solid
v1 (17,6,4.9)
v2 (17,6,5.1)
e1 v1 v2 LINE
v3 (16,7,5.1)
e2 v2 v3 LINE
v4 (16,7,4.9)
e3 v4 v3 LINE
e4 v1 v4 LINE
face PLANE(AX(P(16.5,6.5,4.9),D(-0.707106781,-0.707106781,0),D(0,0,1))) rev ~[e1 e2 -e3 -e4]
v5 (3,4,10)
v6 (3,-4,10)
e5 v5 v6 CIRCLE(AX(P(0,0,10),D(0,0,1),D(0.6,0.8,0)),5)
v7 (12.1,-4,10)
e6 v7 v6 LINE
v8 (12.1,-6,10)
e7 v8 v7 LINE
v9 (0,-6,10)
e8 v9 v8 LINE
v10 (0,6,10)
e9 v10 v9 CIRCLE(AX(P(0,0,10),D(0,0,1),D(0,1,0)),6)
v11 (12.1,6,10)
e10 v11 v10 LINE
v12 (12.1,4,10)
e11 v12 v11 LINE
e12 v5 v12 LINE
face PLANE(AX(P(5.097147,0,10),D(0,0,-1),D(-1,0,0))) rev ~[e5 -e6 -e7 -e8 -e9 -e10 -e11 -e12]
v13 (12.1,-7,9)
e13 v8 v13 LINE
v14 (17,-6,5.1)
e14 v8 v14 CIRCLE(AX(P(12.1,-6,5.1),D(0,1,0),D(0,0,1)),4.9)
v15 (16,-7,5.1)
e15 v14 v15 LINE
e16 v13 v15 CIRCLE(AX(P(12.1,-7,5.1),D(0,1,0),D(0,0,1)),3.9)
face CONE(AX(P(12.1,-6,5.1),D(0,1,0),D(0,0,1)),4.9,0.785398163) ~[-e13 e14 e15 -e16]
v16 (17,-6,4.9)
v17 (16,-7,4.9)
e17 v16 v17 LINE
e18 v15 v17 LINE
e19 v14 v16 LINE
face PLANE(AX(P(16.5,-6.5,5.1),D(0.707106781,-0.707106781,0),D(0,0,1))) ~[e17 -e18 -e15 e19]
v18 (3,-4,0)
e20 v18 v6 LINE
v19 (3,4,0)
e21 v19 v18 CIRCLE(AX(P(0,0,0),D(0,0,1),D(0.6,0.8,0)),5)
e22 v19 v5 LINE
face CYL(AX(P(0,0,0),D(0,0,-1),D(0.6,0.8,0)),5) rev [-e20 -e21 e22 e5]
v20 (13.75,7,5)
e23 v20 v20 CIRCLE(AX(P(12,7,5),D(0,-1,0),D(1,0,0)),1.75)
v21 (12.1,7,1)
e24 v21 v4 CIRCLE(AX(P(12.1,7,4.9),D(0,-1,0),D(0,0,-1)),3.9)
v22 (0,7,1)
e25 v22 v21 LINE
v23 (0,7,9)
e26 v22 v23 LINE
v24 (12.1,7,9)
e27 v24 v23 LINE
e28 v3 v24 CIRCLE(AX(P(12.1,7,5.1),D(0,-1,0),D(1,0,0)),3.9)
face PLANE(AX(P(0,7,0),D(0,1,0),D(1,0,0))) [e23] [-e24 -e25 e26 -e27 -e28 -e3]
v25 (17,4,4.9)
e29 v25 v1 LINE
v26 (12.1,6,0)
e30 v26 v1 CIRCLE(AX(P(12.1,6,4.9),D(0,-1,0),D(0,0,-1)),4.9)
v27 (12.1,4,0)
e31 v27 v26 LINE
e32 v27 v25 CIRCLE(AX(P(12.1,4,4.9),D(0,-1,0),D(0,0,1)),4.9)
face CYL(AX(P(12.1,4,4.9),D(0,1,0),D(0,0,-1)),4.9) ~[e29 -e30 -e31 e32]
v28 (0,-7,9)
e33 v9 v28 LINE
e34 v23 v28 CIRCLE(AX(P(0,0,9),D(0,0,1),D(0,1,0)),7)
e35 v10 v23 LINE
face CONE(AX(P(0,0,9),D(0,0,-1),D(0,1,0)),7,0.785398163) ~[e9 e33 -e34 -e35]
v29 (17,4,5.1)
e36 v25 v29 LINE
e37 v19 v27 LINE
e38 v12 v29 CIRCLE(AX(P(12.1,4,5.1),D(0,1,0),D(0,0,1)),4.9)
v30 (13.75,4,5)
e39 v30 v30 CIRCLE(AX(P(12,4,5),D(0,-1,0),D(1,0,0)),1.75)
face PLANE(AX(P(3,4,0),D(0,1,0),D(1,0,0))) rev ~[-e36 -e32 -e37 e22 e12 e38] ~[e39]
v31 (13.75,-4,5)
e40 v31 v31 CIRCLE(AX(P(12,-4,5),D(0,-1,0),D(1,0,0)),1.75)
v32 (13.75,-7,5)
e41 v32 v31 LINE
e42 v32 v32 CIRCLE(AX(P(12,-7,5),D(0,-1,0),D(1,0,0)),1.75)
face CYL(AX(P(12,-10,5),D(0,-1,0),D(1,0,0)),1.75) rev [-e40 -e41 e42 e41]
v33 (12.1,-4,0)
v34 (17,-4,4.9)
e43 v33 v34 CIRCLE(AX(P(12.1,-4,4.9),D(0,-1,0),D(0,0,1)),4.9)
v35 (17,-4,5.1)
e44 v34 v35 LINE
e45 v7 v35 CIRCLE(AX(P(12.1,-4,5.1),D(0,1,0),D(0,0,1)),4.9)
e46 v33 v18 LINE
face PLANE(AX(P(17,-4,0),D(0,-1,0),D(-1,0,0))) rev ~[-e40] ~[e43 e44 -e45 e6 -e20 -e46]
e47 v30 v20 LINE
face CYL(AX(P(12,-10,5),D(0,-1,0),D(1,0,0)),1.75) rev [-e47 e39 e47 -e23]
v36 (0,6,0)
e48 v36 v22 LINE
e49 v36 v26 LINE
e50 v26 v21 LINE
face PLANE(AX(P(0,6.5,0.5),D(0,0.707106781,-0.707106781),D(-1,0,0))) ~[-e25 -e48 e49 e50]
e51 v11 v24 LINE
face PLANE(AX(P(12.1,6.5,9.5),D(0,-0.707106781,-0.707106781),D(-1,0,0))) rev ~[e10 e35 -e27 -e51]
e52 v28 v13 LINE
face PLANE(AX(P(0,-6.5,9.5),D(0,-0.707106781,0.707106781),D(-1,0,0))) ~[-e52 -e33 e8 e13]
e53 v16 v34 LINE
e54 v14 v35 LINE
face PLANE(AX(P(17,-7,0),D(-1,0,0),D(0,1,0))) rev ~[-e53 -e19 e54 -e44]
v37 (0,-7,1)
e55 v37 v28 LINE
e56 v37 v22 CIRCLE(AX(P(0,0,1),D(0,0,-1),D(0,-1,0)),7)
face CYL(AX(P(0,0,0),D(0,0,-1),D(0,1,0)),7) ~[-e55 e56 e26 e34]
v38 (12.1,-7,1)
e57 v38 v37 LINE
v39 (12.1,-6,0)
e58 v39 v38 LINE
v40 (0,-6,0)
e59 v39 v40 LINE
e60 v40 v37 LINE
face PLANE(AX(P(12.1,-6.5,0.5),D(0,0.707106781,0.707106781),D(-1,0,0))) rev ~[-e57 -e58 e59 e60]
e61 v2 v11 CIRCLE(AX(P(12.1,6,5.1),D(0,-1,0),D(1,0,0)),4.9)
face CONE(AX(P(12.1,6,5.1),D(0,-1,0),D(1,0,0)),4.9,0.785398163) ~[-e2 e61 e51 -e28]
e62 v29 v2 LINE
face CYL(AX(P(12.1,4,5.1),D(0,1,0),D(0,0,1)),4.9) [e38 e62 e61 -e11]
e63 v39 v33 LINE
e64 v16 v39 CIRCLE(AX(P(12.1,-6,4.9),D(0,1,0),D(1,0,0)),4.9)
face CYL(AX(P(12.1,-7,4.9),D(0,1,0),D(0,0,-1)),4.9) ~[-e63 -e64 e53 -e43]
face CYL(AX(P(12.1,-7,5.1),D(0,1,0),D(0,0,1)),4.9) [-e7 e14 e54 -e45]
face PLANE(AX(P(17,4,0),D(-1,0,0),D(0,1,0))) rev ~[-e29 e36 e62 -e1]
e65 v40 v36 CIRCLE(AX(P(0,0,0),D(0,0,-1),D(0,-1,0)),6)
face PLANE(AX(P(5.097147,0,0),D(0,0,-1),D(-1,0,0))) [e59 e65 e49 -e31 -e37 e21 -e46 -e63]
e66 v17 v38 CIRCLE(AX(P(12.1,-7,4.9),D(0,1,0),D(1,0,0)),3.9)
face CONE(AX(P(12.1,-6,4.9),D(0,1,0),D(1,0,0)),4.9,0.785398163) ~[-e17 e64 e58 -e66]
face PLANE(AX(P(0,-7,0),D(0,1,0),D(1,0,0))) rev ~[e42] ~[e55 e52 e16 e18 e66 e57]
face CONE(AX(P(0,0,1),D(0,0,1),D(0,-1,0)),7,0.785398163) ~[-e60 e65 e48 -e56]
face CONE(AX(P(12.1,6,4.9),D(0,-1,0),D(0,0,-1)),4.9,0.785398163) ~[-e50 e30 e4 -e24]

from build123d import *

# Parameters (mm, degrees)
CYLINDER_R          = 1.75
CYLINDER_DEPTH      = 20
CYLINDER_ROLL_ANGLE = -90
PAD006_DEPTH        = 10
FILLET_R            = 4.9
CHAMFER_SIZE        = 1


with BuildPart() as cylinder:
    # Cylinder → Cylinder (new body)
    with BuildSketch(Plane.XY):
        Circle(CYLINDER_R)
    extrude(amount=CYLINDER_DEPTH)


with BuildPart() as cylinder_1:
    # Cylinder roll: moved
    add(cylinder.part.rotate(Axis((0, 0, 0), (1, 0, 0)), CYLINDER_ROLL_ANGLE))


with BuildPart() as cylinder_2:
    # Cylinder placement: moved
    add(cylinder_1.part.moved(Location((12, -10, 5))))


with BuildPart() as chamfer_body:
    # Sketch005 → Pad006 (new body)
    with BuildSketch(Plane.XY):
        with BuildLine():
            ThreePointArc((3, 4), (-5, 0), (3, -4))
            Line((17, -4), (3, -4))
            Line((17, -7), (17, -4))
            Line((0, -7), (17, -7))
            ThreePointArc((0, 7), (-7, 0), (0, -7))
            Line((0, 7), (17, 7))
            Line((17, 4), (17, 7))
            Line((3, 4), (17, 4))
        make_face()
    extrude(amount=PAD006_DEPTH)

    # Cut004: cut Cylinder
    add(cylinder_2.part, mode=Mode.SUBTRACT)

    # Fillet
    fillet_edges = [chamfer_body.edges().sort_by_distance(p)[0] for p in [
        (17, -5.5, 0),
        (17, 5.5, 0),
        (17, -5.5, 10),
        (17, 5.5, 10),
    ]]
    fillet(fillet_edges, radius=FILLET_R)

    # Chamfer
    chamfer_edges = [chamfer_body.edges().sort_by_distance(p)[0] for p in [
        (6.05, -7, 10),
    ]]
    chamfer(chamfer_edges, length=CHAMFER_SIZE)


solid = chamfer_body.part
